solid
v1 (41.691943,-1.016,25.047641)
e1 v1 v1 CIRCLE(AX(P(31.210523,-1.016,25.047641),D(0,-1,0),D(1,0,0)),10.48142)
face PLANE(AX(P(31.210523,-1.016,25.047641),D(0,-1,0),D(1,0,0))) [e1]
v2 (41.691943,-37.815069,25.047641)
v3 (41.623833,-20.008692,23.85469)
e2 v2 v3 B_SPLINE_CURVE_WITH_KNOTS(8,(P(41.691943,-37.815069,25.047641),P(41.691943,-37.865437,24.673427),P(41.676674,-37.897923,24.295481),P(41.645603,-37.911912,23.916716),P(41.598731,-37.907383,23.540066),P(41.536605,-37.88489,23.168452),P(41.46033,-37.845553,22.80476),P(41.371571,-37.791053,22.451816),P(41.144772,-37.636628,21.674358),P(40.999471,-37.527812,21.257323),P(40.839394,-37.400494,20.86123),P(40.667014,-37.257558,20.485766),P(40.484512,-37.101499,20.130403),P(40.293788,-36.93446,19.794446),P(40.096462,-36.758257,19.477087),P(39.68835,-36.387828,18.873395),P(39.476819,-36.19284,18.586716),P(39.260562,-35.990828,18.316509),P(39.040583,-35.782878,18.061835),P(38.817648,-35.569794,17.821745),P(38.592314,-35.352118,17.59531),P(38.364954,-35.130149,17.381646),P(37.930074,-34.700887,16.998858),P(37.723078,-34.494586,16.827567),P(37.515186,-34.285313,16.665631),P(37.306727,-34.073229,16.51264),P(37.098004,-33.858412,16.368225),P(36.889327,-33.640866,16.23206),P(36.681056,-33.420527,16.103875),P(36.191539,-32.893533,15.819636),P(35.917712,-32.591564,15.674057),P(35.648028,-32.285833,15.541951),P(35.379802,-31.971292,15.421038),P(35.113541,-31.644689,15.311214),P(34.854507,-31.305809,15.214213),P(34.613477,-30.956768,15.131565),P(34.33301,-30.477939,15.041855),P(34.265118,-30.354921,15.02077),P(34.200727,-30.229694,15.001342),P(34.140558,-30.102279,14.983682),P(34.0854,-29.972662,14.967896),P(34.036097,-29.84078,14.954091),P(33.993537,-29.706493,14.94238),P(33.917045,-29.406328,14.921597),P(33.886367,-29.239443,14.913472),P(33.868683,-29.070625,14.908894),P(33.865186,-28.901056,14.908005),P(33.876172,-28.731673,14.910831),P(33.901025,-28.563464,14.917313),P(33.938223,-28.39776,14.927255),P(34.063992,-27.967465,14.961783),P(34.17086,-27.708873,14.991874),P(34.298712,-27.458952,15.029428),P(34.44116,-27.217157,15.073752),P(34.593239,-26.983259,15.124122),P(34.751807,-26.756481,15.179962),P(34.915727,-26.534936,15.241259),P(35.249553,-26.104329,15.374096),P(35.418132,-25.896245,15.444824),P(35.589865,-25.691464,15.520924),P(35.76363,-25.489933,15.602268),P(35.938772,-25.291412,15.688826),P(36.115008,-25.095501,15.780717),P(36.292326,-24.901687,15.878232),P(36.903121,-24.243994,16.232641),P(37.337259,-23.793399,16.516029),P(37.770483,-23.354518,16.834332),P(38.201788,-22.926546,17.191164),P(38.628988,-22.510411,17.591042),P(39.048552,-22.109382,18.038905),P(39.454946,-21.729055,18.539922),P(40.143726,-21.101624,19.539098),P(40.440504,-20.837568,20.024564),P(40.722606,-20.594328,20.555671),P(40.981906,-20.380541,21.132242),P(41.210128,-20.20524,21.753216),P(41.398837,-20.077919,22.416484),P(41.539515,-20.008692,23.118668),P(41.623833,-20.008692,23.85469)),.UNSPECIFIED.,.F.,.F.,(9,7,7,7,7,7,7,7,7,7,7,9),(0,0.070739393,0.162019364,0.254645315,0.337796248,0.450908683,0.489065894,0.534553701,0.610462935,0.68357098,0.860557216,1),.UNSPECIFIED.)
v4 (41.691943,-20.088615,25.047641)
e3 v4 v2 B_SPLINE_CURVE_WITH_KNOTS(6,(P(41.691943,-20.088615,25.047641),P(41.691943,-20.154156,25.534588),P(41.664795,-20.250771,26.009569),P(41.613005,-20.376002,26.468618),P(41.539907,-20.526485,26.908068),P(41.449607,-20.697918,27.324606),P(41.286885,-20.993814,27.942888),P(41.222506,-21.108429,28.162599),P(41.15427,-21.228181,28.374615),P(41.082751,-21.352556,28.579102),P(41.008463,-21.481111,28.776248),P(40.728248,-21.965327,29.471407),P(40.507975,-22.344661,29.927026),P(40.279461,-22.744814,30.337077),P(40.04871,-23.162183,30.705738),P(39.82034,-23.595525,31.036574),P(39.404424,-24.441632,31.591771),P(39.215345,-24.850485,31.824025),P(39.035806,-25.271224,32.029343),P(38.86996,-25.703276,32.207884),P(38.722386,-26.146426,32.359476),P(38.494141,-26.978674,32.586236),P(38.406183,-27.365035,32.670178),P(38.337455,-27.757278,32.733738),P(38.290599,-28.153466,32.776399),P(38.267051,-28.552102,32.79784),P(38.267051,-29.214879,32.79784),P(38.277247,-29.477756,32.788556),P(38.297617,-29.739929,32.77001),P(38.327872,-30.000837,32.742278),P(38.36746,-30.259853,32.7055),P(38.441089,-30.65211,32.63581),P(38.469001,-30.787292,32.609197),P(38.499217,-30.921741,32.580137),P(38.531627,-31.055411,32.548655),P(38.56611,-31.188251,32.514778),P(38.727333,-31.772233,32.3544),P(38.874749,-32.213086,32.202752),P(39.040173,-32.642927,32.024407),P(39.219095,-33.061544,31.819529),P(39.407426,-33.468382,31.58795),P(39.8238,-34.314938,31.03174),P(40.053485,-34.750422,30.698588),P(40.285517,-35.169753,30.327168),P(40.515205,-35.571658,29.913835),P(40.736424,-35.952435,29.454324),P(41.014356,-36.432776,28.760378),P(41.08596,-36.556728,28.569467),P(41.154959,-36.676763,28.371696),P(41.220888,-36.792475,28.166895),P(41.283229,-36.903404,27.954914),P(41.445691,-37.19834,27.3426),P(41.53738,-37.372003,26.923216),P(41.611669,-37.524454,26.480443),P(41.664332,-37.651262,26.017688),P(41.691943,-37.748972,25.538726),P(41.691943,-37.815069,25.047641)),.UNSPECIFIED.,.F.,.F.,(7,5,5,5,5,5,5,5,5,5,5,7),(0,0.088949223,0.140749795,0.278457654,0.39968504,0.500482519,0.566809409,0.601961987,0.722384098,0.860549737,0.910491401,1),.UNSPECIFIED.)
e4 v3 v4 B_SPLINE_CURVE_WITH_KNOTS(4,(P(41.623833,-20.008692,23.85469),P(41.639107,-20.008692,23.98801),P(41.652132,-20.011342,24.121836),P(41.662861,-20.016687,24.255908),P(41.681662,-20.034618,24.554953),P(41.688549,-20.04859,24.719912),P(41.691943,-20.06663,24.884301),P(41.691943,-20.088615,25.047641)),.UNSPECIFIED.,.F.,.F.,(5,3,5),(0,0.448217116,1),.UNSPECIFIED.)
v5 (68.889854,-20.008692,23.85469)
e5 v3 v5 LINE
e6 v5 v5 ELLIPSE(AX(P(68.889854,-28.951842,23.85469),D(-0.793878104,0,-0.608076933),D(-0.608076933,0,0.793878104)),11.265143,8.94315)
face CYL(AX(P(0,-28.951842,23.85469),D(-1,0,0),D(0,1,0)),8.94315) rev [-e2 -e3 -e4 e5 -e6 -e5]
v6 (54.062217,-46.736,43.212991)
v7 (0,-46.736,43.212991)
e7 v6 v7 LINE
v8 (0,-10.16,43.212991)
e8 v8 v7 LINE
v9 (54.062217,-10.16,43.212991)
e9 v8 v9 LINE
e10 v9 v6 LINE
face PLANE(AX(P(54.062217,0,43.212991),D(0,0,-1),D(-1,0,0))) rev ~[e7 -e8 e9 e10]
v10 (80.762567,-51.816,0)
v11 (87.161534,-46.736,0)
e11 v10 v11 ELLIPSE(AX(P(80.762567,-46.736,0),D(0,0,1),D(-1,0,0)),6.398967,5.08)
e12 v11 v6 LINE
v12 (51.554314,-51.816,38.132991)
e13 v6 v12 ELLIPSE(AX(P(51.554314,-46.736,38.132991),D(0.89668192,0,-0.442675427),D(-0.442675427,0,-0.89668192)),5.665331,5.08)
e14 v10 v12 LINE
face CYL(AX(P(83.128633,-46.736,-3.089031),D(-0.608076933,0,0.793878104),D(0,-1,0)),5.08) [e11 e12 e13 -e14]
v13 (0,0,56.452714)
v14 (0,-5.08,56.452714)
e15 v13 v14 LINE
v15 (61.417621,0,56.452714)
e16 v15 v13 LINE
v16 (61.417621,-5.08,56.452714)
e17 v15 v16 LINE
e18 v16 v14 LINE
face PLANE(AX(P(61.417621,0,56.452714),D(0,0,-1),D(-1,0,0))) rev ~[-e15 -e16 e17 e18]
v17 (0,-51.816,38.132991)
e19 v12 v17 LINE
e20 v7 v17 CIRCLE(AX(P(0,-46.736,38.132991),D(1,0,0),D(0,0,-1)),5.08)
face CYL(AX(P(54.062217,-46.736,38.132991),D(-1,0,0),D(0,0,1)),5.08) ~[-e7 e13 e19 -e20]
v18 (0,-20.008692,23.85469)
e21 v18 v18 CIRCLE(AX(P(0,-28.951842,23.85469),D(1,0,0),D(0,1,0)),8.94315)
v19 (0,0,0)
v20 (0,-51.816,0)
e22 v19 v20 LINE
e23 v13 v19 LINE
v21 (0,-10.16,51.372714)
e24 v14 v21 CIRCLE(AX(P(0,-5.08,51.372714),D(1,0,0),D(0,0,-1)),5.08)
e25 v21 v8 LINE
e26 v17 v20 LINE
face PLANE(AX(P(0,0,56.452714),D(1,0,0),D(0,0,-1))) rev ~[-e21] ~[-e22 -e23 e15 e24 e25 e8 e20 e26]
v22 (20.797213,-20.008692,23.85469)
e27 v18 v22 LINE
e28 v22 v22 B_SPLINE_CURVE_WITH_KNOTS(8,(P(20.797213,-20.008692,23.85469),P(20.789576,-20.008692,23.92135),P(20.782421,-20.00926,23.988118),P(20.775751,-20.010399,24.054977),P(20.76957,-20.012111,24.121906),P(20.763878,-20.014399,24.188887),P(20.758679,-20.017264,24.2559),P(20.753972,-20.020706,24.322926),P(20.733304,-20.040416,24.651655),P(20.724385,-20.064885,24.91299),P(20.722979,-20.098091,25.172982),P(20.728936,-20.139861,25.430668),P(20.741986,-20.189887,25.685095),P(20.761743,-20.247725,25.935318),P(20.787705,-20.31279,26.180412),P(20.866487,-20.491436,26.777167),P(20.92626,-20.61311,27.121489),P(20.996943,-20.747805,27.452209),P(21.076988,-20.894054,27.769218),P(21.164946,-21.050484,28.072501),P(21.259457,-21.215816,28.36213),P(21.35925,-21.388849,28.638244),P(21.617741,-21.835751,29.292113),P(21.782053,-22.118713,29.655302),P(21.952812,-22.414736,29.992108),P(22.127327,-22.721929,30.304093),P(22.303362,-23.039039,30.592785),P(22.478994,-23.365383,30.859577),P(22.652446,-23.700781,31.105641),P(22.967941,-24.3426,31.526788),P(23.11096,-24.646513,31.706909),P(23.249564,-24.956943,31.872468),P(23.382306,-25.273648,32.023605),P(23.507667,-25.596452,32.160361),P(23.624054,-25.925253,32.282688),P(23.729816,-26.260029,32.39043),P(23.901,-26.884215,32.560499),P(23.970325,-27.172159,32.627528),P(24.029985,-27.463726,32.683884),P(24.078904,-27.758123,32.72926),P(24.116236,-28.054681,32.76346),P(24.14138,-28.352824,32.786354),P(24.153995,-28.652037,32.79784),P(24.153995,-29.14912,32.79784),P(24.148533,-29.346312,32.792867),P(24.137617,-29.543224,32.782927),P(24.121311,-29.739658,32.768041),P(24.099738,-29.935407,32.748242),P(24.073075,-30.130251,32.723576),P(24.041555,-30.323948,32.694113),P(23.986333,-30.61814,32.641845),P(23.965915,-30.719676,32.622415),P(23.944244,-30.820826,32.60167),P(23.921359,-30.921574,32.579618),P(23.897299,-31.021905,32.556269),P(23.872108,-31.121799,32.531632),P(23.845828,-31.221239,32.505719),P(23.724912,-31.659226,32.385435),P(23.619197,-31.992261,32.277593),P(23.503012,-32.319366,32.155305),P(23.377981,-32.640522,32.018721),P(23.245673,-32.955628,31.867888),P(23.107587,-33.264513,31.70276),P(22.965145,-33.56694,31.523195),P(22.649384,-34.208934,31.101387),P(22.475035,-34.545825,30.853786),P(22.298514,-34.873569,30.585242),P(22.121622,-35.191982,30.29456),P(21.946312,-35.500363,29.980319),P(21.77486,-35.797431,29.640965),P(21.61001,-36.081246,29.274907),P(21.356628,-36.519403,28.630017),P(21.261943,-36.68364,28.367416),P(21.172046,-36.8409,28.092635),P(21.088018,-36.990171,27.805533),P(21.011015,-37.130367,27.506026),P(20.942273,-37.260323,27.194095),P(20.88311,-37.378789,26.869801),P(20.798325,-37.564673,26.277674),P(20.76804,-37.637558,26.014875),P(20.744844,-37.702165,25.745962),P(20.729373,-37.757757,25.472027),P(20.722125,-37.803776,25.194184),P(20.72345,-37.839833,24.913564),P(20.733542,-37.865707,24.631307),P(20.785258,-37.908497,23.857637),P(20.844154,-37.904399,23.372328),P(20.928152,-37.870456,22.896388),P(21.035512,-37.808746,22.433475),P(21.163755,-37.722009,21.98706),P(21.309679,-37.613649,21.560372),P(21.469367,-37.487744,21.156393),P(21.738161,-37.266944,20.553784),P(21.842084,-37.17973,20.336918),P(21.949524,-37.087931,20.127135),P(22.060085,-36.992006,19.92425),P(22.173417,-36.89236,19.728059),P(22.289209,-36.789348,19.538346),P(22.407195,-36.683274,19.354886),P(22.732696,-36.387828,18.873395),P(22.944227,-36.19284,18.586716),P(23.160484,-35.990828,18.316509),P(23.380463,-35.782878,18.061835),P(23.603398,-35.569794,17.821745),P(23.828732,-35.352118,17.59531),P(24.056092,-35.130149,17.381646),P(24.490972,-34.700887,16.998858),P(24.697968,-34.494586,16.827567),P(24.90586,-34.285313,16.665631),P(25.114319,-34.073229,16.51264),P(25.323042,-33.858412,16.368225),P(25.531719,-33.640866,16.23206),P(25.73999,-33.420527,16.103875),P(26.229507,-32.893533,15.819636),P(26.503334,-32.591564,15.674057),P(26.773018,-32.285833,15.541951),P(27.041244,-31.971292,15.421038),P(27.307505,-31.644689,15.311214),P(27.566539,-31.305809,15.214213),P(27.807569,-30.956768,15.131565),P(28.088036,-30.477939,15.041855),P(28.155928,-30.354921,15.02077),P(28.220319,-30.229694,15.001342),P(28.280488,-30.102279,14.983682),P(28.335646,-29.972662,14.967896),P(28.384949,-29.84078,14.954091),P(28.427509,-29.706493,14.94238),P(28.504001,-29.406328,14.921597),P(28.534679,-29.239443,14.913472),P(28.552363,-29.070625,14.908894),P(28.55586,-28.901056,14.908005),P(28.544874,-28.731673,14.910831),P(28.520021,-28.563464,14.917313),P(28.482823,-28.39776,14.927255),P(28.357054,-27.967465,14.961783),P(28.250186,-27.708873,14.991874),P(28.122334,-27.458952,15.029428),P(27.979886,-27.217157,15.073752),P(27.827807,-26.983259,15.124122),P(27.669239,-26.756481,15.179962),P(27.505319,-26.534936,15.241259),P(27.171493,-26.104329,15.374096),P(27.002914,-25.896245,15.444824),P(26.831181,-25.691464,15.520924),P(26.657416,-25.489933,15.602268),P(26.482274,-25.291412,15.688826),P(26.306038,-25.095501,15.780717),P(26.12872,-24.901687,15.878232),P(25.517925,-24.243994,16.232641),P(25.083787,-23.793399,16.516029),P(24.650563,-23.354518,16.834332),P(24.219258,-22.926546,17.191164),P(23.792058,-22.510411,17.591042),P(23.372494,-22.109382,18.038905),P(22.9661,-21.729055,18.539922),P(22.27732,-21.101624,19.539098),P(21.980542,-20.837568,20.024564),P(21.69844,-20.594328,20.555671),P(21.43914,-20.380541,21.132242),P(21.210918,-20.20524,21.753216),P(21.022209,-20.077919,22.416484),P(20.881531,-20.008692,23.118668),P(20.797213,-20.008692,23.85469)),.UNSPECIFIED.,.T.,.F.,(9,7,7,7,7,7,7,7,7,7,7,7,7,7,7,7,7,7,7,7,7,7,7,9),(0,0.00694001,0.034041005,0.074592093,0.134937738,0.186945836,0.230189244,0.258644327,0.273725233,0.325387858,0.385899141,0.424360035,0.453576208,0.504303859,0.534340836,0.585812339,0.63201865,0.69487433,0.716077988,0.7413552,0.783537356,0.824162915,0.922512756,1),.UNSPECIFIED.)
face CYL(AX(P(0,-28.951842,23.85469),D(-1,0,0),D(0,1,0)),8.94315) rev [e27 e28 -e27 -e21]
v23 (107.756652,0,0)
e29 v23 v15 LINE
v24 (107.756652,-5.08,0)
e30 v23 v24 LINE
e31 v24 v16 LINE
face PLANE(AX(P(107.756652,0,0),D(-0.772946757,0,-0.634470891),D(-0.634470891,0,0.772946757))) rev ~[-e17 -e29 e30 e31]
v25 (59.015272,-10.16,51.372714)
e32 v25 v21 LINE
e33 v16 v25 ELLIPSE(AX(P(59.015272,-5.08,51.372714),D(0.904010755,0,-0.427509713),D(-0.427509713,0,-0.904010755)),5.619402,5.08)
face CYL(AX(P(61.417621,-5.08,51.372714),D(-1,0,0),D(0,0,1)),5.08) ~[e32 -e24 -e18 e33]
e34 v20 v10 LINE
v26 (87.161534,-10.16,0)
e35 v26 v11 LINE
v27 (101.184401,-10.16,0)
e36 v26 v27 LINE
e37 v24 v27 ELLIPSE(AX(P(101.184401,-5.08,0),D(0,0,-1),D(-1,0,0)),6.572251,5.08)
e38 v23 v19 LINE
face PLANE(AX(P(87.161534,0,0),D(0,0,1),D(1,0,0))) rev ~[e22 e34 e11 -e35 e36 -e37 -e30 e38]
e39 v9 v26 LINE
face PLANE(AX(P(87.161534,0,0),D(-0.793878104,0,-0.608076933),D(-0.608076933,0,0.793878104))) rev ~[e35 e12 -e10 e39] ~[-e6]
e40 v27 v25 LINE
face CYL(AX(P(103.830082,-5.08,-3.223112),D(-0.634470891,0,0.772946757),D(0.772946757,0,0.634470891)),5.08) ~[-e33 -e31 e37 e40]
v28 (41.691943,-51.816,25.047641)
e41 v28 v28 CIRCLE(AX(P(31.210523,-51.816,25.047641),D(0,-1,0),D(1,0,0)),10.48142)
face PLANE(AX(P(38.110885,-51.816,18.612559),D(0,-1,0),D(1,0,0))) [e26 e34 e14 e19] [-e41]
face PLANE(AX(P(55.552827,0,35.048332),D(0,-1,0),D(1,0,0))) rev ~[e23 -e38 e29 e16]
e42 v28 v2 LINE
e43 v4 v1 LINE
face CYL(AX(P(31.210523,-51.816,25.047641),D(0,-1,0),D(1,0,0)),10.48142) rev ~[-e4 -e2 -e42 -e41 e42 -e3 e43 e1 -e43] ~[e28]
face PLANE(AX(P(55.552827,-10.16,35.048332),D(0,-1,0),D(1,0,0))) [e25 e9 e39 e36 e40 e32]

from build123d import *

# Parameters (mm, degrees)
F1_DEPTH = 51.816
F2_DEPTH = 10.16
F3_R     = 8.94315
F4_DEPTH = 101.6
F5_R     = 9.219665
F6_DEPTH = 50.8
F7_R     = 10.48142
F8_DEPTH = 50.8
F9_R     = 5.08


with BuildPart() as f1:
    # F0 (on Front) → F1 (new body)
    with BuildSketch(Plane.XZ):
        Polygon((54.062217, 43.212991), (0, 43.212991), (0, 0), (87.161534, 0), align=None)
    extrude(amount=F1_DEPTH)

    # F0 (on Front) → F2 (join)
    with BuildSketch(Plane.XZ):
        Polygon((61.417621, 56.452714), (0, 56.452714), (0, 43.212991), (54.062217, 43.212991), (87.161534, 0), (107.756652, 0), align=None)
    extrude(amount=F2_DEPTH)

    # F3 (on Right) → F4 (cut)
    with BuildSketch(Plane.YZ):
        with Locations((-28.951842, 23.85469)):
            Circle(F3_R)
    extrude(amount=F4_DEPTH, mode=Mode.SUBTRACT)

    # F5 (on face) → F6 (cut)
    with BuildSketch(Plane.XZ.offset(51.816)):
        with Locations((32.87245, 25.28506)):
            Circle(F5_R)
    extrude(amount=F6_DEPTH, mode=Mode.SUBTRACT)

    # F7 (on face) → F8 (cut)
    with BuildSketch(Plane.XZ.offset(51.816)):
        with Locations((31.210523, 25.047641)):
            Circle(F7_R)
    extrude(amount=-F8_DEPTH, mode=Mode.SUBTRACT)

    # F9
    f9_edges = [f1.edges().sort_by_distance(p)[0] for p in [
        (30.70881, -10.16, 56.452714),
        (84.587136, -10.16, 28.226357),
        (27.031109, -51.816, 43.212991),
        (70.611876, -51.816, 21.606496),
    ]]
    fillet(f9_edges, radius=F9_R)


solid = f1.part
